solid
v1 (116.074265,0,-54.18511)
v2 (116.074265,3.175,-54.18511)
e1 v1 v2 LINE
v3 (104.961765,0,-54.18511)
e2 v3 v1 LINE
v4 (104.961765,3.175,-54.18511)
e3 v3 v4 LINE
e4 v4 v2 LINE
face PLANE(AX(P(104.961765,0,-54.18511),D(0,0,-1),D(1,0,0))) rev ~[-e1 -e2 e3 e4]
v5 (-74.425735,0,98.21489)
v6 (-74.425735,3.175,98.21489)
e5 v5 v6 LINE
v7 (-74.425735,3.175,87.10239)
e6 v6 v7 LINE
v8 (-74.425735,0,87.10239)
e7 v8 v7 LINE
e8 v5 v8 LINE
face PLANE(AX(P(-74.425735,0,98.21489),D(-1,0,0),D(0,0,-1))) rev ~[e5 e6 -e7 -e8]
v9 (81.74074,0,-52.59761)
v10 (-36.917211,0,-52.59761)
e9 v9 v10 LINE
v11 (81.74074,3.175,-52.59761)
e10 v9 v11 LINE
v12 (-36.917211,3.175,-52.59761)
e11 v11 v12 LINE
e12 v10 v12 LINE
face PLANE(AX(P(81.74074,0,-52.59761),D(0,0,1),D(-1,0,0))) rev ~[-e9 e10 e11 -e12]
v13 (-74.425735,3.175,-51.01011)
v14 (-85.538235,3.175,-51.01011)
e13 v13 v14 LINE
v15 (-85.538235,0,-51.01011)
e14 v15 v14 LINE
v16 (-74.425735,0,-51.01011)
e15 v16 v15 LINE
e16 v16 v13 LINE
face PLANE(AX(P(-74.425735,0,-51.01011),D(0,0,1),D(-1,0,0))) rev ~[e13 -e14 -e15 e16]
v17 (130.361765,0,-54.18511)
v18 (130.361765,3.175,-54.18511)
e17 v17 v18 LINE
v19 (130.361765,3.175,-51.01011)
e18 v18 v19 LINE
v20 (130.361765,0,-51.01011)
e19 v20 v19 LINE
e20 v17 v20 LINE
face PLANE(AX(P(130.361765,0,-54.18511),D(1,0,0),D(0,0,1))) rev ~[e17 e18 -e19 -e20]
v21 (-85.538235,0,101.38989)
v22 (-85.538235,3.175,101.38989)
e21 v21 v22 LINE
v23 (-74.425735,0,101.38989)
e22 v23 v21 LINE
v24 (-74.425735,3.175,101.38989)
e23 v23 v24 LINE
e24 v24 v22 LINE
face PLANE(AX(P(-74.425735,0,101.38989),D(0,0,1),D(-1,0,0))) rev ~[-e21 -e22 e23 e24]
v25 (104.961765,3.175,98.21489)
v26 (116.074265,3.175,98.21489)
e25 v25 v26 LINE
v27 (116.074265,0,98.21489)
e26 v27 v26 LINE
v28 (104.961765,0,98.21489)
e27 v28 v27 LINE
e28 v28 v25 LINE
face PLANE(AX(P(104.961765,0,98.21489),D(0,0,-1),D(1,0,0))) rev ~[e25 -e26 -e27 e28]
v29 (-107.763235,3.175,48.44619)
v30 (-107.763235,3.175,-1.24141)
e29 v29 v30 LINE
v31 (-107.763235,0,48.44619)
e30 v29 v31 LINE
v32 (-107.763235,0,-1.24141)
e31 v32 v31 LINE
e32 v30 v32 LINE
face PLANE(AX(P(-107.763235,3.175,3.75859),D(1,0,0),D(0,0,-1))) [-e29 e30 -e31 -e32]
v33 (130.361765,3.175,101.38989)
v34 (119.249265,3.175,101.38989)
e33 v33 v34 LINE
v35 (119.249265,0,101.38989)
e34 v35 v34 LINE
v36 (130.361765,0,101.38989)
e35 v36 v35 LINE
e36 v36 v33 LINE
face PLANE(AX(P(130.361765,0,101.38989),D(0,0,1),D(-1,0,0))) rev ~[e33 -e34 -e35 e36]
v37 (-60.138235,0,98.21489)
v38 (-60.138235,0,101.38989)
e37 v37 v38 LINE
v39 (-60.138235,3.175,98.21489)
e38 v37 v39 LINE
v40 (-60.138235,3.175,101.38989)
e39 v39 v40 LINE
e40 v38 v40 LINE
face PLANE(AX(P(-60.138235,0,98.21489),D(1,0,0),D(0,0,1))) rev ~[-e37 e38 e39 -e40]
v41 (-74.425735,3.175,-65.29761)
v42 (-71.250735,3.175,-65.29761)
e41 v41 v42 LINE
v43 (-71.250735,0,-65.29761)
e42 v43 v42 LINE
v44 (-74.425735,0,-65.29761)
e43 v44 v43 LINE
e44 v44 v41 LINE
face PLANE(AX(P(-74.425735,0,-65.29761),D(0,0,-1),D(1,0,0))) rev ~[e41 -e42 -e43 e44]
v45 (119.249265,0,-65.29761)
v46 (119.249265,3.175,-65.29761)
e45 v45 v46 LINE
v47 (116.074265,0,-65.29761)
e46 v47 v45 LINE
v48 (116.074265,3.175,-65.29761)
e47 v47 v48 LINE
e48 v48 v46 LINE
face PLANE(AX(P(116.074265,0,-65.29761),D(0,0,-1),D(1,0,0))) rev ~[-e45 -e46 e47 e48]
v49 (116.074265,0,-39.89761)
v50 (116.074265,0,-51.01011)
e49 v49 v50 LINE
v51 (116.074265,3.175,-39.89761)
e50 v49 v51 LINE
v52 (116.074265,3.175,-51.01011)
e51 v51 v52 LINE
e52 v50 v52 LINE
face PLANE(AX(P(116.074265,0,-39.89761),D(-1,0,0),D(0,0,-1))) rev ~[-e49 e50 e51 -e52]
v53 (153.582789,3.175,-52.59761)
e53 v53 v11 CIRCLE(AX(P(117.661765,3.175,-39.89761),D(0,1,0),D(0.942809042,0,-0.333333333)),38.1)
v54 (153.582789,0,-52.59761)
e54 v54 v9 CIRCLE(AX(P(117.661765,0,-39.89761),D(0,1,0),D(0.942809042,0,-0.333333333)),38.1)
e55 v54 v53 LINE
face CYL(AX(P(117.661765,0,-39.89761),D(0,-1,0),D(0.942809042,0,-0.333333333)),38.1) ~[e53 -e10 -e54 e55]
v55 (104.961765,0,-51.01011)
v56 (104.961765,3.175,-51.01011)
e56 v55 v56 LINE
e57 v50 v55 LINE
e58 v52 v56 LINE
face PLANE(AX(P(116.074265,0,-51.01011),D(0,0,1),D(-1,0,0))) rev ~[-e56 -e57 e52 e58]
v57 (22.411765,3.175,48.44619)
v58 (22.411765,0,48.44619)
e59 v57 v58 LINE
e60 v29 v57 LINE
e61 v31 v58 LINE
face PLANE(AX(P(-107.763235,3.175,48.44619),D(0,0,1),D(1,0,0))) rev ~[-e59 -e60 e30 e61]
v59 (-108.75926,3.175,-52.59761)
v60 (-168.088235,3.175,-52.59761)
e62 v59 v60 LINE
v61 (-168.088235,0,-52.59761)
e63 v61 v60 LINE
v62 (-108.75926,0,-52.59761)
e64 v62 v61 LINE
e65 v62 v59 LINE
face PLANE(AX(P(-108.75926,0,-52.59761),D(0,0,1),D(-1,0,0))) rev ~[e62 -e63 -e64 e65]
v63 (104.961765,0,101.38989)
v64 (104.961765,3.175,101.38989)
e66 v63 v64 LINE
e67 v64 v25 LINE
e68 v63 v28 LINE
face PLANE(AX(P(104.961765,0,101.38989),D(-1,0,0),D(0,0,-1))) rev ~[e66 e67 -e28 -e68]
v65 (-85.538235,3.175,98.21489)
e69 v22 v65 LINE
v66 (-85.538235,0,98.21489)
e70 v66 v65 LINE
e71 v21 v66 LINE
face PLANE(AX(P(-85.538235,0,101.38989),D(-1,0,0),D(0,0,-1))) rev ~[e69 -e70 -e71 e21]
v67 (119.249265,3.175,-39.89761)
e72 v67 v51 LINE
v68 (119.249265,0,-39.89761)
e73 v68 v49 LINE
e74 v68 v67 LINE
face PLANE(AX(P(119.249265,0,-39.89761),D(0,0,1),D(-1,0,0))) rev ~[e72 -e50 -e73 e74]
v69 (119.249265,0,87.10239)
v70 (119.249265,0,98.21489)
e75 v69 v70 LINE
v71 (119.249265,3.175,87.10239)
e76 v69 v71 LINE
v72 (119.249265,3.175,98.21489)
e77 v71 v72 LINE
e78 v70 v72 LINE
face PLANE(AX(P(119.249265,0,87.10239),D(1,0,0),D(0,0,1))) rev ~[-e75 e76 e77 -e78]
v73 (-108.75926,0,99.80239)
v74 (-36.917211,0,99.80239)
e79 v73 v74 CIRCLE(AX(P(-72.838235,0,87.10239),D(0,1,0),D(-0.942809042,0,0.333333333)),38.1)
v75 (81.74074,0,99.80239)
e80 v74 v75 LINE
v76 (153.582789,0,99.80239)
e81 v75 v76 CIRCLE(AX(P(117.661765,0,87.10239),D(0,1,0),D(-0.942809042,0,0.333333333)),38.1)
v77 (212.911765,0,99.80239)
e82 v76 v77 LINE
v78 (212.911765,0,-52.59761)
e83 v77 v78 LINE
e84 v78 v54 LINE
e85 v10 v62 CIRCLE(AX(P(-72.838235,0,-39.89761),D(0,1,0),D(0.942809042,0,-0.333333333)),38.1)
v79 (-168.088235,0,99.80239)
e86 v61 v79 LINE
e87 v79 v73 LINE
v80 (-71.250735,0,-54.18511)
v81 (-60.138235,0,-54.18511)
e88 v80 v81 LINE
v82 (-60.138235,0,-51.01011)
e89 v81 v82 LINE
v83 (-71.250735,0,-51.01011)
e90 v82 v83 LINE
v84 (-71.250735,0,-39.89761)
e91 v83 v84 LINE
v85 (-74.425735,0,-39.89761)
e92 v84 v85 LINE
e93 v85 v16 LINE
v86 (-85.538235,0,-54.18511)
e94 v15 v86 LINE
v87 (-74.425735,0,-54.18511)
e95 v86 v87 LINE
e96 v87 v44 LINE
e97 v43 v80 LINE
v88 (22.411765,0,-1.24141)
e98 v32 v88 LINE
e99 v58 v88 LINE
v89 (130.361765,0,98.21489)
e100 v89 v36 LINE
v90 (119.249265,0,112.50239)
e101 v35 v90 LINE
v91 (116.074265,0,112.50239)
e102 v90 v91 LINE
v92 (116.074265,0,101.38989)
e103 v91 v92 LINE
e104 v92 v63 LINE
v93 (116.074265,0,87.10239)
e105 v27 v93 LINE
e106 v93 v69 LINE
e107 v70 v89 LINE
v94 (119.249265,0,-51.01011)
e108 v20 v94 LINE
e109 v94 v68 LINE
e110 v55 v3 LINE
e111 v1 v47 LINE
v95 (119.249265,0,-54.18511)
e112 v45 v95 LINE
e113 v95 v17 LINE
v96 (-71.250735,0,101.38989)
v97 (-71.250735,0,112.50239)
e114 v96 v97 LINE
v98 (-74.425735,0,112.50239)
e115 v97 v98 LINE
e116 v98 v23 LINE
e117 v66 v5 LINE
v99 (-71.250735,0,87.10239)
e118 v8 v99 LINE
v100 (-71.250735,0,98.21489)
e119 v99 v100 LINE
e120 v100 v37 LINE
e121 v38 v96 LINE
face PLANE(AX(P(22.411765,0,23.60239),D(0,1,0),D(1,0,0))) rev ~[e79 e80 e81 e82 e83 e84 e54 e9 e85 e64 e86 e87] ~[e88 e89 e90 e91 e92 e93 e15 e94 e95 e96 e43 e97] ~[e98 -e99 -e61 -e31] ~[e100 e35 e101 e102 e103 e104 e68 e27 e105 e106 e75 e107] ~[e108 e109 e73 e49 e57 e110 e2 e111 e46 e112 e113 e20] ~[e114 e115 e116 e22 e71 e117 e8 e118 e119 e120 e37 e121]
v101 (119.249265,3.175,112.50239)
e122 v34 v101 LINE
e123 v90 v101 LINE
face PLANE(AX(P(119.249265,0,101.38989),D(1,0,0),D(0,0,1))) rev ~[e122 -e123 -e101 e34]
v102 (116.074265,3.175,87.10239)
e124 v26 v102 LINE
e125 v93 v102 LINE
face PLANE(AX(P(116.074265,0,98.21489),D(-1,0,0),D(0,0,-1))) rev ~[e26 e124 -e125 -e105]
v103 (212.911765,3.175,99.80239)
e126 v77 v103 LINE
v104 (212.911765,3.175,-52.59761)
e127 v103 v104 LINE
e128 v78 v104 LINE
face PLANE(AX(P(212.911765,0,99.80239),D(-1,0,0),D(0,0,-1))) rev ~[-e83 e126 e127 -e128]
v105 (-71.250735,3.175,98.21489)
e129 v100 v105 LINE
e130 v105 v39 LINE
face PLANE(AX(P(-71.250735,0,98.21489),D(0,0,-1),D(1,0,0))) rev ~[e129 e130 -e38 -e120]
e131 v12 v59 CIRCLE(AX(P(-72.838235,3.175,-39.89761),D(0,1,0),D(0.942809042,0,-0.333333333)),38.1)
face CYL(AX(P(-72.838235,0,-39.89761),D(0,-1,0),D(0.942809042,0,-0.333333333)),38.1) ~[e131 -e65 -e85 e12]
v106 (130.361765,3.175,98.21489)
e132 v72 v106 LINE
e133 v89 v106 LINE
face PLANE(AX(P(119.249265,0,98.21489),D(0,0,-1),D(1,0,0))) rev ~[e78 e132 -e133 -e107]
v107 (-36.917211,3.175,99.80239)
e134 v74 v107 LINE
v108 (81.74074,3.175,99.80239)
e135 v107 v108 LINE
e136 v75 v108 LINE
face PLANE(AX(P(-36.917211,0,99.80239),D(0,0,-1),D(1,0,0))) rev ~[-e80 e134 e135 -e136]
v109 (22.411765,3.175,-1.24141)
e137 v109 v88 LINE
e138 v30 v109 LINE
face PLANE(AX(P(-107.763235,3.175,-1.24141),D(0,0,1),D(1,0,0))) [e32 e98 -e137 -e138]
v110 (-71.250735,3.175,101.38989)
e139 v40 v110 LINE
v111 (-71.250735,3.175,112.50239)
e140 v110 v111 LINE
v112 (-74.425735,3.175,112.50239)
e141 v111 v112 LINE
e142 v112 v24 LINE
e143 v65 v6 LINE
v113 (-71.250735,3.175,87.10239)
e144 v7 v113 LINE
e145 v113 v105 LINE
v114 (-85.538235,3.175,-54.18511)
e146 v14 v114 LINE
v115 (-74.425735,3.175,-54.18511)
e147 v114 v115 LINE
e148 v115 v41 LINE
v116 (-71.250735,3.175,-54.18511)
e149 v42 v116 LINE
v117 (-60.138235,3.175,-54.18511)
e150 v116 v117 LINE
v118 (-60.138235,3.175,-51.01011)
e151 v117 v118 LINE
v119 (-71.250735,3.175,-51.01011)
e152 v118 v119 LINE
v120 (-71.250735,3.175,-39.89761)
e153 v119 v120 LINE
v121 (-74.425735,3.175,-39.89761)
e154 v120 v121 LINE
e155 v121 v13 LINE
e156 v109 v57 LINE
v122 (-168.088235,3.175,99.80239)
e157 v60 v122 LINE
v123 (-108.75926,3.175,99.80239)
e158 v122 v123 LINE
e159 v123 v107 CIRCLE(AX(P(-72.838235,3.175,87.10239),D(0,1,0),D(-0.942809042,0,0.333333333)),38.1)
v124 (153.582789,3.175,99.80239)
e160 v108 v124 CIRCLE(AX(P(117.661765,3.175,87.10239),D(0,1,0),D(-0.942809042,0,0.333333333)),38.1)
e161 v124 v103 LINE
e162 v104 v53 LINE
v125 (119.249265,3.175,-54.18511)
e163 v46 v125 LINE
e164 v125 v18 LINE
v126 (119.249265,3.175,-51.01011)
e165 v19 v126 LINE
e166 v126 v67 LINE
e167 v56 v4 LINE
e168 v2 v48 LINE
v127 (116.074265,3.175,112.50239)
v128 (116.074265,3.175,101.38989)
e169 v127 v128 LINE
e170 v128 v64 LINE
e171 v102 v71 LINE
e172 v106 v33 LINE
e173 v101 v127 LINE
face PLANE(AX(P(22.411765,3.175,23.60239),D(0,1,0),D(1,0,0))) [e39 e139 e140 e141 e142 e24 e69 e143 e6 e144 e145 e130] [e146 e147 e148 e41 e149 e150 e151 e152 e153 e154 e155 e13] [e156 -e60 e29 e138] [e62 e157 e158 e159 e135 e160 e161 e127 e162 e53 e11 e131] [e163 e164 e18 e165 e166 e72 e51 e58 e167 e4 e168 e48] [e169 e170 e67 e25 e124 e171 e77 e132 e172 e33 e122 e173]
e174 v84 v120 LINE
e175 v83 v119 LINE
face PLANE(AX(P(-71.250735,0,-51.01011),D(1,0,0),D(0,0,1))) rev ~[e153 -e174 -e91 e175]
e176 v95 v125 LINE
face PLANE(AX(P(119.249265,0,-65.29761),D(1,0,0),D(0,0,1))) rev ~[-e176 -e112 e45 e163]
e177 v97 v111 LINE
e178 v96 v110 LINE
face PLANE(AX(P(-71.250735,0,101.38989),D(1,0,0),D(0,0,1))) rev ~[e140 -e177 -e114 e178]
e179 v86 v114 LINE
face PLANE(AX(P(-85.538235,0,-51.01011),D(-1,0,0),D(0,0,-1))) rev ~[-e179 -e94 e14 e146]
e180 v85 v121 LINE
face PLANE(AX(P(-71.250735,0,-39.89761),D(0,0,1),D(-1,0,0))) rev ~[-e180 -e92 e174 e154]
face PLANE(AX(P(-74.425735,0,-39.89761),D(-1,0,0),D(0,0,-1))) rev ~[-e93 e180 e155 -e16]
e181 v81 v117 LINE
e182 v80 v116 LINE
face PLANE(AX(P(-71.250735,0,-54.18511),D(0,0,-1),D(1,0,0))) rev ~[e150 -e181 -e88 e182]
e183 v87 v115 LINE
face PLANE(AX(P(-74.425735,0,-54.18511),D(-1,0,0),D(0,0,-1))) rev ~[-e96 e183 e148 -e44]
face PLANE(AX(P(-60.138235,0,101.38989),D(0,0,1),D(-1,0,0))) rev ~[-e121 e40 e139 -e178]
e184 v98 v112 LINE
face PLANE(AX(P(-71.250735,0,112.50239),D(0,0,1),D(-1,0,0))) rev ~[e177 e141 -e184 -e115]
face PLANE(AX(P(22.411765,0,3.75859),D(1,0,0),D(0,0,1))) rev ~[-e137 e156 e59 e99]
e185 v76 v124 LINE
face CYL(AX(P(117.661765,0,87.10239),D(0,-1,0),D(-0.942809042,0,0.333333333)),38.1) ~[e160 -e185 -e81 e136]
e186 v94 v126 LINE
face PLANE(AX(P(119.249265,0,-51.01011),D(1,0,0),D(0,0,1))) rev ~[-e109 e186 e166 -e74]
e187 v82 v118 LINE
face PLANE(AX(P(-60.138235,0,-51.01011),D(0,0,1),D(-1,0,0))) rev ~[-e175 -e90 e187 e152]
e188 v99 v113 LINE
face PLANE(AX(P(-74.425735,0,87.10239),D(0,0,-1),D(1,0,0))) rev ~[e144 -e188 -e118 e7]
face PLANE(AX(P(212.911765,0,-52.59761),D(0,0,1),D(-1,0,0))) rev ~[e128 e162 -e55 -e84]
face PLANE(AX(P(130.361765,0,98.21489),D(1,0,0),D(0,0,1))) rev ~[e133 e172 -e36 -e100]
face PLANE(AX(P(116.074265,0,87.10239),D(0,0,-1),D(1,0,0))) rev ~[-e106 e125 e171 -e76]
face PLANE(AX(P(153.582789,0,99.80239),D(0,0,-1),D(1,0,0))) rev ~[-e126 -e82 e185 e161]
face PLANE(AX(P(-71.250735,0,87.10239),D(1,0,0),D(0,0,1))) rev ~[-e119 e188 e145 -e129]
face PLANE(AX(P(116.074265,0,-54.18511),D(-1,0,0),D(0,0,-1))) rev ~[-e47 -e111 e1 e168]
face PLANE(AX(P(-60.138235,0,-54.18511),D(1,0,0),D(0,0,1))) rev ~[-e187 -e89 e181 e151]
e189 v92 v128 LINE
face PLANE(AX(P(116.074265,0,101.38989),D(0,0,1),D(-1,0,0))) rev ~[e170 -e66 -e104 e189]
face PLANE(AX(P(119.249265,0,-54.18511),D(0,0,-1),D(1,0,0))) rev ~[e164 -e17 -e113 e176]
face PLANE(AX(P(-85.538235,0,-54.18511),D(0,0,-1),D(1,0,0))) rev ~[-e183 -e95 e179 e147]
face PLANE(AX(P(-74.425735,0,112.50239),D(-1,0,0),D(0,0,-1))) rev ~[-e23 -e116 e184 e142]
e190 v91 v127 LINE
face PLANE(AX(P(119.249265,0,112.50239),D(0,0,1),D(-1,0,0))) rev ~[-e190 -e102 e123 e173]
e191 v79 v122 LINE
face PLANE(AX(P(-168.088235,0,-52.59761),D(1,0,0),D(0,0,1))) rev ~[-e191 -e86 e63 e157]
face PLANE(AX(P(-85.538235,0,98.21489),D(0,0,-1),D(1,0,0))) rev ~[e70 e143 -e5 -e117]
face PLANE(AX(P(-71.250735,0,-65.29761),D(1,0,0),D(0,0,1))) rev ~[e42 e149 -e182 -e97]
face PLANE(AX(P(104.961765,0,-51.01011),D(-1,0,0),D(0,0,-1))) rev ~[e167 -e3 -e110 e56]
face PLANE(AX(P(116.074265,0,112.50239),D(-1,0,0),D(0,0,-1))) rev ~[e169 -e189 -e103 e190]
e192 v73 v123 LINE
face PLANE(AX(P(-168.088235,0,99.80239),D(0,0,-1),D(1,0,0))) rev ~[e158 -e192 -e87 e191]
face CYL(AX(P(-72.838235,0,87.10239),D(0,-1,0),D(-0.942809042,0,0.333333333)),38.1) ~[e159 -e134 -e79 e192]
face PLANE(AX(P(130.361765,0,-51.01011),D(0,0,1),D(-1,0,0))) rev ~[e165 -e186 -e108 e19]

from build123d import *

# Parameters (mm, degrees)
BOSS_EXTRUDE2_DEPTH = 3.175
SKETCH2_W           = 130.175
SKETCH2_H           = 5
CUT_EXTRUDE1_DEPTH  = 10


with BuildPart() as part:
    # Sketch1 → Boss-Extrude2 (new body)
    with BuildSketch(Plane(origin=(0, 0, 0), x_dir=(1, 0, 0), z_dir=(0, 1, 0))):
        with BuildLine():
            ThreePointArc((81.740740222, -99.802389706), (117.661764706, -125.202389706), (153.58278919, -99.802389706))
            Line((153.58278919, -99.802389706), (212.911764706, -99.802389706))
            Line((212.911764706, -99.802389706), (212.911764706, 52.597610294))
            Line((212.911764706, 52.597610294), (153.58278919, 52.597610294))
            ThreePointArc((153.58278919, 52.597610294), (117.661764706, 77.997610294), (81.740740222, 52.597610294))
            Line((81.740740222, 52.597610294), (-36.91721081, 52.597610294))
            ThreePointArc((-36.91721081, 52.597610294), (-72.838235294, 77.997610294), (-108.759259778, 52.597610294))
            Line((-108.759259778, 52.597610294), (-168.088235294, 52.597610294))
            Line((-168.088235294, 52.597610294), (-168.088235294, -23.602389706))
            Line((-168.088235294, -23.602389706), (-168.088235294, -99.802389706))
            Line((-168.088235294, -99.802389706), (-108.759259778, -99.802389706))
            ThreePointArc((-108.759259778, -99.802389706), (-72.838235294, -125.202389706), (-36.91721081, -99.802389706))
            Line((-36.91721081, -99.802389706), (81.740740222, -99.802389706))
        make_face()
        Polygon((-74.425735294, -87.102389706), (-71.250735294, -87.102389706), (-71.250735294, -98.214889706), (-60.138235294, -98.214889706), (-60.138235294, -101.389889706), (-71.250735294, -101.389889706), (-71.250735294, -112.502389706), (-74.425735294, -112.502389706), (-74.425735294, -101.389889706), (-85.538235294, -101.389889706), (-85.538235294, -98.214889706), (-74.425735294, -98.214889706), align=None, mode=Mode.SUBTRACT)
        Polygon((116.074264706, -87.102389706), (119.249264706, -87.102389706), (119.249264706, -98.214889706), (130.361764706, -98.214889706), (130.361764706, -101.389889706), (119.249264706, -101.389889706), (119.249264706, -112.502389706), (116.074264706, -112.502389706), (116.074264706, -101.389889706), (104.961764706, -101.389889706), (104.961764706, -98.214889706), (116.074264706, -98.214889706), align=None, mode=Mode.SUBTRACT)
        Polygon((-107.763235294, -43.446189706), (-107.763235294, -23.602389706), (-107.763235294, -3.758589706), (22.411764706, -3.758589706), (22.411764706, -43.446189706), align=None, mode=Mode.SUBTRACT)
        Polygon((-60.138235294, 54.185110294), (-60.138235294, 51.010110294), (-71.250735294, 51.010110294), (-71.250735294, 39.897610294), (-74.425735294, 39.897610294), (-74.425735294, 51.010110294), (-85.538235294, 51.010110294), (-85.538235294, 54.185110294), (-74.425735294, 54.185110294), (-74.425735294, 65.297610294), (-71.250735294, 65.297610294), (-71.250735294, 54.185110294), align=None, mode=Mode.SUBTRACT)
        Polygon((130.361764706, 54.185110294), (130.361764706, 51.010110294), (119.249264706, 51.010110294), (119.249264706, 39.897610294), (116.074264706, 39.897610294), (116.074264706, 51.010110294), (104.961764706, 51.010110294), (104.961764706, 54.185110294), (116.074264706, 54.185110294), (116.074264706, 65.297610294), (119.249264706, 65.297610294), (119.249264706, 54.185110294), align=None, mode=Mode.SUBTRACT)
    extrude(amount=BOSS_EXTRUDE2_DEPTH)

    # Sketch2 → Cut-Extrude1 (cut)
    with BuildSketch(Plane(origin=(0, 3.175, 0), x_dir=(1, 0, 0), z_dir=(0, 1, 0))):
        with Locations((-42.675735294, -45.946189706)):
            Rectangle(SKETCH2_W, SKETCH2_H)
        with Locations((-42.675735294, -1.258589706)):
            Rectangle(SKETCH2_W, SKETCH2_H)
    extrude(amount=-CUT_EXTRUDE1_DEPTH, mode=Mode.SUBTRACT)


solid = part.part
